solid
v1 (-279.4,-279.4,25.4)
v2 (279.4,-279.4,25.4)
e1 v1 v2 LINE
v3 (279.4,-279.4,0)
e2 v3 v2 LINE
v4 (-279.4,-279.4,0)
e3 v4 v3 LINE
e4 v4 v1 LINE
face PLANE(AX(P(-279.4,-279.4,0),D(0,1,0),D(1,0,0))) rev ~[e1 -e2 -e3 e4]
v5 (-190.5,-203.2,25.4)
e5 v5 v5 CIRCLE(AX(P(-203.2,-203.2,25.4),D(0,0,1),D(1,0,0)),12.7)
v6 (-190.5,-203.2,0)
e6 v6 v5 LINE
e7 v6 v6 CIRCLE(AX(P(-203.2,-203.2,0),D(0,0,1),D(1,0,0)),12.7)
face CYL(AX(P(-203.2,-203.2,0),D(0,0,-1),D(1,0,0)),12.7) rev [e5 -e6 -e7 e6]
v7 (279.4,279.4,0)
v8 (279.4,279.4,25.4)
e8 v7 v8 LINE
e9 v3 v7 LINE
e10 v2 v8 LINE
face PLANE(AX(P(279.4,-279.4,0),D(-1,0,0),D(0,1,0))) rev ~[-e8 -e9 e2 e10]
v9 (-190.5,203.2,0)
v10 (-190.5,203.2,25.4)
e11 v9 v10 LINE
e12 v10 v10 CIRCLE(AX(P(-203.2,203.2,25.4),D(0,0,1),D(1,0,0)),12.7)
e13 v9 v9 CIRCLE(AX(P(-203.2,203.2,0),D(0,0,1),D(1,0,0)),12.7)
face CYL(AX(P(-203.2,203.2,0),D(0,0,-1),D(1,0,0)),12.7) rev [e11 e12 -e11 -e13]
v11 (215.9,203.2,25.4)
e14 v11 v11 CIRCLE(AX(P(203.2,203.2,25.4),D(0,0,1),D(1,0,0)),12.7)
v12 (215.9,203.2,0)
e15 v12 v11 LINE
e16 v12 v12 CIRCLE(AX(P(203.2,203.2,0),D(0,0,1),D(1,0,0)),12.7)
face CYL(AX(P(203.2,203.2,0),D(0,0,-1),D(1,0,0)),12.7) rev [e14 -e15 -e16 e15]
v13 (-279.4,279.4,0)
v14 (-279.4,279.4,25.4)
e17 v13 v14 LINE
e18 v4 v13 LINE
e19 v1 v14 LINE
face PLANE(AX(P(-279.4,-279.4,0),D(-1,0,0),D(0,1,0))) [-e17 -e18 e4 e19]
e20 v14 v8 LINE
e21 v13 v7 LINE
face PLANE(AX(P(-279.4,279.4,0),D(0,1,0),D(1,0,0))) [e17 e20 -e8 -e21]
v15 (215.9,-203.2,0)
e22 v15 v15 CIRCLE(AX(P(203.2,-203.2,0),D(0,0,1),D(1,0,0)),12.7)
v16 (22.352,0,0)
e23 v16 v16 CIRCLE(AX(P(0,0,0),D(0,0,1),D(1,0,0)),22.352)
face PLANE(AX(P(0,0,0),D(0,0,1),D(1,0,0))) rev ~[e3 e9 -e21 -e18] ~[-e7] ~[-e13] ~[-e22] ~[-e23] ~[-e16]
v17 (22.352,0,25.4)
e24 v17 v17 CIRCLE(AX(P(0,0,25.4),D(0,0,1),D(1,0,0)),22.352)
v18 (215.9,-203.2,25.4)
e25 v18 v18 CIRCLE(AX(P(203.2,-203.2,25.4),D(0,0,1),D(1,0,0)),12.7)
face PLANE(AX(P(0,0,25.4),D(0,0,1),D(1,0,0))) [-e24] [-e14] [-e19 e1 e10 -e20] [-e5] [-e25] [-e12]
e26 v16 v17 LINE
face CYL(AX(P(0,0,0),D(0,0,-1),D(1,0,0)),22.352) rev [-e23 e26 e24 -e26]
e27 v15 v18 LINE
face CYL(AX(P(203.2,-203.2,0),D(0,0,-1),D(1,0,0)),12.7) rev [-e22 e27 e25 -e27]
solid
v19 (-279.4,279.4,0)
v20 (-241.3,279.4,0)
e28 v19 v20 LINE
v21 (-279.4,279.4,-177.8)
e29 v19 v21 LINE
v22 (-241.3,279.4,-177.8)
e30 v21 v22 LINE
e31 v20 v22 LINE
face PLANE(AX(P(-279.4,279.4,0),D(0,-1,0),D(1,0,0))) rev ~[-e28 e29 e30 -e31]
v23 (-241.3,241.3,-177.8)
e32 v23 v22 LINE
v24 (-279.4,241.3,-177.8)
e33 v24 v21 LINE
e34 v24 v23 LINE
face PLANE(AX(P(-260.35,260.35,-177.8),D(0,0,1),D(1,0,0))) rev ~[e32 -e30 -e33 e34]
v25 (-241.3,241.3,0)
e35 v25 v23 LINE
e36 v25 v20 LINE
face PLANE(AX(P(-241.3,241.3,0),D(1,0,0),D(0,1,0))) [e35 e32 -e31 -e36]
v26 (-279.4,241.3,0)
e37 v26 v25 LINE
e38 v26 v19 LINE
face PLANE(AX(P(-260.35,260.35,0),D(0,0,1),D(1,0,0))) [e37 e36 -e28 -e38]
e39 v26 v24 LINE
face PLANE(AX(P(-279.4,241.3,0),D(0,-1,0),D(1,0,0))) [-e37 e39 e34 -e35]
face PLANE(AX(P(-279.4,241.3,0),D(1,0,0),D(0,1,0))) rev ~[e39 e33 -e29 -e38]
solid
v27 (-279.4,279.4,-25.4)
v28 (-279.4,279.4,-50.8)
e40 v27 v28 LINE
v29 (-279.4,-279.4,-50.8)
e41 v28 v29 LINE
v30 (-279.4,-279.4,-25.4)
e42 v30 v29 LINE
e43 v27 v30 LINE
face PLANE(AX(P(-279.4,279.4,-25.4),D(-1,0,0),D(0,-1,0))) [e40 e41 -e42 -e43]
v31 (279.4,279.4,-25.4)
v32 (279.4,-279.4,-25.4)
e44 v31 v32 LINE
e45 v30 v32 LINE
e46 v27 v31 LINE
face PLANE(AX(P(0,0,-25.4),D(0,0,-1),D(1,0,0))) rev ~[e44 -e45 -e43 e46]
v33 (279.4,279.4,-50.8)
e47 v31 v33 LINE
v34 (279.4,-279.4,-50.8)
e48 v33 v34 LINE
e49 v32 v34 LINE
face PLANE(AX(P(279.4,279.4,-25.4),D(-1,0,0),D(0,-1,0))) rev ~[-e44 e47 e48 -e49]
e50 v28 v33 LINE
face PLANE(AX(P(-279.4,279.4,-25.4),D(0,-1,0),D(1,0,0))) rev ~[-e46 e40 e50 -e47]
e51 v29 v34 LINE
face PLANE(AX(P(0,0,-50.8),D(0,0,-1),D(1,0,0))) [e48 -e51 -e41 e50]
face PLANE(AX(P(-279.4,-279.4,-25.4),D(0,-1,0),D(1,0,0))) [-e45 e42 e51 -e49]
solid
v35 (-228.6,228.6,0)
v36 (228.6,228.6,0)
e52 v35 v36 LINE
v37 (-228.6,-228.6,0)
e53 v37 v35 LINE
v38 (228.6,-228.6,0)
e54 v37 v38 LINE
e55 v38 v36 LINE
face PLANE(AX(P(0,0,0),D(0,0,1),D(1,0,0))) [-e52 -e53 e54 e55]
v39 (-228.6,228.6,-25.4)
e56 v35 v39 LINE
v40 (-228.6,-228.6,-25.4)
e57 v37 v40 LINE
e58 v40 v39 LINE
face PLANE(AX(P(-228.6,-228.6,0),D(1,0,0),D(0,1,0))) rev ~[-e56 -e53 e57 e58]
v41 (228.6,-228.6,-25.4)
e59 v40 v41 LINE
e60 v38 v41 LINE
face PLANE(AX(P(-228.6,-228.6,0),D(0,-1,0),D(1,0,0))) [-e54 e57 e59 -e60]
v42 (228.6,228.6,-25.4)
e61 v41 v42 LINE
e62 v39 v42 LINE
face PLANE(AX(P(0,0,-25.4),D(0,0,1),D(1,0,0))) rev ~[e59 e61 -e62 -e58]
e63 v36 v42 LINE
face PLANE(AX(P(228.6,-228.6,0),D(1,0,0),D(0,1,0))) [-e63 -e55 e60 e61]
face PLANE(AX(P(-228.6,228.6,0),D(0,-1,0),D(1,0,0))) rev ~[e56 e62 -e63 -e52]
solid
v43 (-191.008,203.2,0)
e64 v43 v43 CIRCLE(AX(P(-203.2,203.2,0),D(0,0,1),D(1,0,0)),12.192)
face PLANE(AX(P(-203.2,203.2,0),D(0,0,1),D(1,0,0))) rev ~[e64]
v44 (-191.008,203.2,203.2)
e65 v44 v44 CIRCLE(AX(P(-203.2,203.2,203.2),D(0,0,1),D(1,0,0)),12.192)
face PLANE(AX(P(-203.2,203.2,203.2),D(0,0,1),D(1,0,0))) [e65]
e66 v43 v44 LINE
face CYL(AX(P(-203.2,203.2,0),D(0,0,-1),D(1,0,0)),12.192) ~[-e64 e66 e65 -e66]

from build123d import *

# Parameters (mm, degrees)
F0_W     = 558.8
F0_H     = 558.8
F0_R     = 12.7
F0_R_2   = 22.352
F1_DEPTH = 25.4
F2_W     = 457.2
F2_H     = 457.2
F3_DEPTH = 25.4
F4_W     = 38.1
F4_H     = 38.1
F5_DEPTH = 177.8
F6_W     = 558.8
F6_H     = 558.8
F7_DEPTH = 25.4
F8_R     = 12.192
F9_DEPTH = 203.2


with BuildPart() as f1:
    # F0 (on Top) → F1 (new body)
    with BuildSketch(Plane.XY):
        Rectangle(F0_W, F0_H)
        with Locations((-203.2, -203.2)):
            Circle(F0_R, mode=Mode.SUBTRACT)
        with Locations((203.2, -203.2)):
            Circle(F0_R, mode=Mode.SUBTRACT)
        with Locations((-203.2, 203.2)):
            Circle(F0_R, mode=Mode.SUBTRACT)
        Circle(F0_R_2, mode=Mode.SUBTRACT)
        with Locations((203.2, 203.2)):
            Circle(F0_R, mode=Mode.SUBTRACT)
    extrude(amount=F1_DEPTH)


with BuildPart() as f3:
    # F2 (on Top) → F3 (new body)
    with BuildSketch(Plane.XY):
        Rectangle(F2_W, F2_H)
    extrude(amount=-F3_DEPTH)


with BuildPart() as f5:
    # F4 (on Top) → F5 (new body)
    with BuildSketch(Plane.XY):
        with Locations((-260.35, 260.35)):
            Rectangle(F4_W, F4_H)
    extrude(amount=-F5_DEPTH)


with BuildPart() as f7:
    # F6 (on face) → F7 (new body)
    with BuildSketch(Plane(origin=(0, 0, -25.4), x_dir=(1, 0, 0), z_dir=(0, 0, -1))):
        Rectangle(F6_W, F6_H)
    extrude(amount=F7_DEPTH)


with BuildPart() as f9:
    # F8 (on face) → F9 (new body)
    with BuildSketch(Plane.XY):
        with Locations((-203.2, 203.2)):
            Circle(F8_R)
    extrude(amount=F9_DEPTH)


solid = Compound([f1.part, f3.part, f5.part, f7.part, f9.part])
